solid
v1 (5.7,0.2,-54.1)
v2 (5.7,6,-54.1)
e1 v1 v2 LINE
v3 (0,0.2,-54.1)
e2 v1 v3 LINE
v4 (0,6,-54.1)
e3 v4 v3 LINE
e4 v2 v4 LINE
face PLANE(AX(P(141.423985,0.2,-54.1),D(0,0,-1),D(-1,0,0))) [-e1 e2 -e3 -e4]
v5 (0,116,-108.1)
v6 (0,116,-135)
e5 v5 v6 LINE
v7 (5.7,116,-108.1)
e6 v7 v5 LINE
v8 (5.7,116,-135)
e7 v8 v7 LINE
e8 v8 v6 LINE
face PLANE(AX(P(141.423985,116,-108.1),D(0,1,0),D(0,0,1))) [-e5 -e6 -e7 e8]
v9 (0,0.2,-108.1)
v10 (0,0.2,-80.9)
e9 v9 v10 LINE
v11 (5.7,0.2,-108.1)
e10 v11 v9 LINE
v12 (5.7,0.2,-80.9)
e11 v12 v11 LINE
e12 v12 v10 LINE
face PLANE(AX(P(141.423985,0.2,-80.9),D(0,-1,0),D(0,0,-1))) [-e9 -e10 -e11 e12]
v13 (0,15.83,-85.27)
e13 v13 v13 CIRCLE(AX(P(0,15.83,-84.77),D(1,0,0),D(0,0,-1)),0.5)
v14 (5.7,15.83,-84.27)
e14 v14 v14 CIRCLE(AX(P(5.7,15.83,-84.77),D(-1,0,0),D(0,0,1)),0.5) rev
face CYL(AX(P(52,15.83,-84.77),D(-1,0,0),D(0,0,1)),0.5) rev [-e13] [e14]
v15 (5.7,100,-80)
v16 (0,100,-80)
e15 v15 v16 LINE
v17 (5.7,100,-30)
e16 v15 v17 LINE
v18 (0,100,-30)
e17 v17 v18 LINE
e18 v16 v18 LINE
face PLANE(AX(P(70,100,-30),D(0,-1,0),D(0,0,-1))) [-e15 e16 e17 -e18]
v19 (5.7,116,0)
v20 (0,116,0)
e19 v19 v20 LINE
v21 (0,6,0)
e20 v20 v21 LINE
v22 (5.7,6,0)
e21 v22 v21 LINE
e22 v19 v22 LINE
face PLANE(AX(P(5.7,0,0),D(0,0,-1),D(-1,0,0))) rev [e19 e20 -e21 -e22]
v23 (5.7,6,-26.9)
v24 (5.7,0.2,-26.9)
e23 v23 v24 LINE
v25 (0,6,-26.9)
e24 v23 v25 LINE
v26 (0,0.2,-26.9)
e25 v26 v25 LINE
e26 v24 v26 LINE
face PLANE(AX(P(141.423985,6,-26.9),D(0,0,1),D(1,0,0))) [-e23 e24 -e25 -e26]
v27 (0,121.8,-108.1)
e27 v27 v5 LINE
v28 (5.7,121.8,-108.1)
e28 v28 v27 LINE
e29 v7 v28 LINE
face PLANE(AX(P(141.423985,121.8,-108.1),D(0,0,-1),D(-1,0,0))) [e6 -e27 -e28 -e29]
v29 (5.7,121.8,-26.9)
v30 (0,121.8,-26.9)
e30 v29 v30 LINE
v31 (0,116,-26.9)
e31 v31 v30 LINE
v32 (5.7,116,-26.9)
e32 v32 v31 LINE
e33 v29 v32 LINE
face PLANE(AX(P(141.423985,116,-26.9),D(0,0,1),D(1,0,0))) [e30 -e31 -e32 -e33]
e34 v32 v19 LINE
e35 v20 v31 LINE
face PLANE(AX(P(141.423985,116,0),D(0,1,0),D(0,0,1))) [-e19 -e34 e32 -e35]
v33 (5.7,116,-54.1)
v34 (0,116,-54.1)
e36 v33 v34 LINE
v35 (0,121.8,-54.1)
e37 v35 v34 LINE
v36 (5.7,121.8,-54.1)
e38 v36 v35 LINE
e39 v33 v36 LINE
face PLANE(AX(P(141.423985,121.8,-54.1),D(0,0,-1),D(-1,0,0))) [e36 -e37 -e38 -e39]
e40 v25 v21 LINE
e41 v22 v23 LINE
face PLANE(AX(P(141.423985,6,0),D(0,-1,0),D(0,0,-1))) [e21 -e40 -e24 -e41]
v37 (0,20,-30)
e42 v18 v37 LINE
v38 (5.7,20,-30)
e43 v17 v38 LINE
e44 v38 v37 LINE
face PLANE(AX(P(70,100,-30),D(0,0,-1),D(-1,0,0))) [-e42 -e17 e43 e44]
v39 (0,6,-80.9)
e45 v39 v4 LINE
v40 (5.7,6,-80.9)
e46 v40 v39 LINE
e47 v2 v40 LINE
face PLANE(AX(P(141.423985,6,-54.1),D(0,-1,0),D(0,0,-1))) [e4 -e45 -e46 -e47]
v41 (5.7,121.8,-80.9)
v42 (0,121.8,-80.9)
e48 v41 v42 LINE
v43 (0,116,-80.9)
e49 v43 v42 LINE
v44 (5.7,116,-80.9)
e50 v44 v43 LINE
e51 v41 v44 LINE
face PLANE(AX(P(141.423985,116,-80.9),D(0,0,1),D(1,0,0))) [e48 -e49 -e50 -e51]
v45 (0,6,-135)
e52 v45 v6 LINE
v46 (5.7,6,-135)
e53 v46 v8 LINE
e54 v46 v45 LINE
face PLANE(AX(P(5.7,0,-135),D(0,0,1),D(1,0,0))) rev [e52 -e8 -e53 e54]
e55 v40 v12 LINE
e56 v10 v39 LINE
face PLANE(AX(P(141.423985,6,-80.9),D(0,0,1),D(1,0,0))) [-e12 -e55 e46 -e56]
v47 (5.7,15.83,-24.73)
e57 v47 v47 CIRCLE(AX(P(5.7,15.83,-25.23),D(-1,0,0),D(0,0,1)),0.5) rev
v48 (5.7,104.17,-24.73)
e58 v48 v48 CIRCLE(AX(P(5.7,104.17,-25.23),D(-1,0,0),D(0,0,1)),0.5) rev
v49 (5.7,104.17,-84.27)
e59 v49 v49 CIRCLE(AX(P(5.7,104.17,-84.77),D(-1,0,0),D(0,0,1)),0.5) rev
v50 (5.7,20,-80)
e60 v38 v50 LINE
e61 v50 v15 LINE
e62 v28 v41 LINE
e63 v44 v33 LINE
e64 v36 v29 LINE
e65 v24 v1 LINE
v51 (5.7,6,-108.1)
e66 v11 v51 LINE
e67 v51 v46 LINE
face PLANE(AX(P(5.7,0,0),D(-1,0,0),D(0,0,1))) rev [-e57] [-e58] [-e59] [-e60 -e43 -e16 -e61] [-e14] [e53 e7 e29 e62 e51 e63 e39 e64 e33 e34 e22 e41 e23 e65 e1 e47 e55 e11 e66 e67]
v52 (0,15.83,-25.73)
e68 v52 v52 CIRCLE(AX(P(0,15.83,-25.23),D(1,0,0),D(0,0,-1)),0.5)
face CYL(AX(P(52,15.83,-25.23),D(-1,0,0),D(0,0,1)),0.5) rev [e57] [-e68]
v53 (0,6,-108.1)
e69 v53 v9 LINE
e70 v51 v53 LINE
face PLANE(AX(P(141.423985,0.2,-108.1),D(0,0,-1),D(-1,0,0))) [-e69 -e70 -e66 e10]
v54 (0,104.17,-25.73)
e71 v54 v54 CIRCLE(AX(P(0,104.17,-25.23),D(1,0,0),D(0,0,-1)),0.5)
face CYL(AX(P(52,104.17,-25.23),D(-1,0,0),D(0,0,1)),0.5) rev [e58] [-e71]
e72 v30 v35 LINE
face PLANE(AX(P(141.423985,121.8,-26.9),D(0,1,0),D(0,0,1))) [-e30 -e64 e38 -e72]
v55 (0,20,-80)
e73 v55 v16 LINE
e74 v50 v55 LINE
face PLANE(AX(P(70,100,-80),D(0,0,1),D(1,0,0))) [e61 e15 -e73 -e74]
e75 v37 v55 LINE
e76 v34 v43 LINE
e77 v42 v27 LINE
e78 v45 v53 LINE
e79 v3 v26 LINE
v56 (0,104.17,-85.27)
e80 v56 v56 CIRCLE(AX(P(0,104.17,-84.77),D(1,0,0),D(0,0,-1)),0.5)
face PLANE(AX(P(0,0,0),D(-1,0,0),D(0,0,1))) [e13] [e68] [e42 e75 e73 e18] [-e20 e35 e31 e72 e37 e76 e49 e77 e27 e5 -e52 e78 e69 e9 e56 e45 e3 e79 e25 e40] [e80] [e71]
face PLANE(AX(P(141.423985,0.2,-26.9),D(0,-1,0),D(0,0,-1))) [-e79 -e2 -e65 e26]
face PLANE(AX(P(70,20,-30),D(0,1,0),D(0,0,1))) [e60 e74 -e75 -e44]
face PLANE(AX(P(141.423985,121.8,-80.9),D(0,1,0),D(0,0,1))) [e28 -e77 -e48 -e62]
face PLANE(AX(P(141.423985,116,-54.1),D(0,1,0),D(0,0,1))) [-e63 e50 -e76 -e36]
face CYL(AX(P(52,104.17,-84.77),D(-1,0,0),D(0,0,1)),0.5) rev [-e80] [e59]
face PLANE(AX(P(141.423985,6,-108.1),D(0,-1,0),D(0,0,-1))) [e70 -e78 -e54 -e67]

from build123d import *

# Parameters (mm, degrees)
SKETCH1_W           = 135
SKETCH1_H           = 122
BOSS_EXTRUDE1_DEPTH = 5.7
HOLE_W              = 50
HOLE_H              = 80
CUT_EXTRUDE2_DEPTH  = 70
SCREW_LOCATIONS_R   = 0.5
CUT_EXTRUDE3_DEPTH  = 52
CUT_EXTRUDE4_DEPTH  = 5.7


with BuildPart() as part:
    # Sketch1 → Boss-Extrude1 (new body)
    with BuildSketch(Plane(origin=(0, 0, 0), x_dir=(0, 0, -1), z_dir=(1, 0, 0))):
        with Locations((67.5, 61)):
            Rectangle(SKETCH1_W, SKETCH1_H)
    extrude(amount=BOSS_EXTRUDE1_DEPTH)

    # Hole → Cut-Extrude2 (cut)
    with BuildSketch(Plane(origin=(0, 0, 0), x_dir=(0, 0, -1), z_dir=(1, 0, 0))):
        with Locations((55, 60)):
            Rectangle(HOLE_W, HOLE_H)
    extrude(amount=CUT_EXTRUDE2_DEPTH, mode=Mode.SUBTRACT)

    # Screw Locations → Cut-Extrude3 (cut)
    with BuildSketch(Plane(origin=(0, 0, 0), x_dir=(0, 0, -1), z_dir=(1, 0, 0))):
        with Locations((25.23, 104.17)):
            Circle(SCREW_LOCATIONS_R)
        with Locations((84.77, 104.17)):
            Circle(SCREW_LOCATIONS_R)
        with Locations((25.23, 15.83)):
            Circle(SCREW_LOCATIONS_R)
        with Locations((84.77, 15.83)):
            Circle(SCREW_LOCATIONS_R)
    extrude(amount=CUT_EXTRUDE3_DEPTH, mode=Mode.SUBTRACT)

    # Sketch4 → Cut-Extrude4 (cut)
    with BuildSketch(Plane(origin=(0, 0, 0), x_dir=(0, 0, -1), z_dir=(1, 0, 0))):
        Polygon((0, 116), (26.9, 116), (26.9, 121.8), (54.1, 121.8), (54.1, 116), (80.9, 116), (80.9, 121.8), (108.1, 121.8), (108.1, 116), (135, 116), (135, 130), (0, 130), align=None)
        Polygon((0, -8), (0, 6), (26.9, 6), (26.9, 0.2), (54.1, 0.2), (54.1, 6), (80.9, 6), (80.9, 0.2), (108.1, 0.2), (108.1, 6), (135, 6), (135, -8), align=None)
    extrude(amount=CUT_EXTRUDE4_DEPTH, mode=Mode.SUBTRACT)


solid = part.part
